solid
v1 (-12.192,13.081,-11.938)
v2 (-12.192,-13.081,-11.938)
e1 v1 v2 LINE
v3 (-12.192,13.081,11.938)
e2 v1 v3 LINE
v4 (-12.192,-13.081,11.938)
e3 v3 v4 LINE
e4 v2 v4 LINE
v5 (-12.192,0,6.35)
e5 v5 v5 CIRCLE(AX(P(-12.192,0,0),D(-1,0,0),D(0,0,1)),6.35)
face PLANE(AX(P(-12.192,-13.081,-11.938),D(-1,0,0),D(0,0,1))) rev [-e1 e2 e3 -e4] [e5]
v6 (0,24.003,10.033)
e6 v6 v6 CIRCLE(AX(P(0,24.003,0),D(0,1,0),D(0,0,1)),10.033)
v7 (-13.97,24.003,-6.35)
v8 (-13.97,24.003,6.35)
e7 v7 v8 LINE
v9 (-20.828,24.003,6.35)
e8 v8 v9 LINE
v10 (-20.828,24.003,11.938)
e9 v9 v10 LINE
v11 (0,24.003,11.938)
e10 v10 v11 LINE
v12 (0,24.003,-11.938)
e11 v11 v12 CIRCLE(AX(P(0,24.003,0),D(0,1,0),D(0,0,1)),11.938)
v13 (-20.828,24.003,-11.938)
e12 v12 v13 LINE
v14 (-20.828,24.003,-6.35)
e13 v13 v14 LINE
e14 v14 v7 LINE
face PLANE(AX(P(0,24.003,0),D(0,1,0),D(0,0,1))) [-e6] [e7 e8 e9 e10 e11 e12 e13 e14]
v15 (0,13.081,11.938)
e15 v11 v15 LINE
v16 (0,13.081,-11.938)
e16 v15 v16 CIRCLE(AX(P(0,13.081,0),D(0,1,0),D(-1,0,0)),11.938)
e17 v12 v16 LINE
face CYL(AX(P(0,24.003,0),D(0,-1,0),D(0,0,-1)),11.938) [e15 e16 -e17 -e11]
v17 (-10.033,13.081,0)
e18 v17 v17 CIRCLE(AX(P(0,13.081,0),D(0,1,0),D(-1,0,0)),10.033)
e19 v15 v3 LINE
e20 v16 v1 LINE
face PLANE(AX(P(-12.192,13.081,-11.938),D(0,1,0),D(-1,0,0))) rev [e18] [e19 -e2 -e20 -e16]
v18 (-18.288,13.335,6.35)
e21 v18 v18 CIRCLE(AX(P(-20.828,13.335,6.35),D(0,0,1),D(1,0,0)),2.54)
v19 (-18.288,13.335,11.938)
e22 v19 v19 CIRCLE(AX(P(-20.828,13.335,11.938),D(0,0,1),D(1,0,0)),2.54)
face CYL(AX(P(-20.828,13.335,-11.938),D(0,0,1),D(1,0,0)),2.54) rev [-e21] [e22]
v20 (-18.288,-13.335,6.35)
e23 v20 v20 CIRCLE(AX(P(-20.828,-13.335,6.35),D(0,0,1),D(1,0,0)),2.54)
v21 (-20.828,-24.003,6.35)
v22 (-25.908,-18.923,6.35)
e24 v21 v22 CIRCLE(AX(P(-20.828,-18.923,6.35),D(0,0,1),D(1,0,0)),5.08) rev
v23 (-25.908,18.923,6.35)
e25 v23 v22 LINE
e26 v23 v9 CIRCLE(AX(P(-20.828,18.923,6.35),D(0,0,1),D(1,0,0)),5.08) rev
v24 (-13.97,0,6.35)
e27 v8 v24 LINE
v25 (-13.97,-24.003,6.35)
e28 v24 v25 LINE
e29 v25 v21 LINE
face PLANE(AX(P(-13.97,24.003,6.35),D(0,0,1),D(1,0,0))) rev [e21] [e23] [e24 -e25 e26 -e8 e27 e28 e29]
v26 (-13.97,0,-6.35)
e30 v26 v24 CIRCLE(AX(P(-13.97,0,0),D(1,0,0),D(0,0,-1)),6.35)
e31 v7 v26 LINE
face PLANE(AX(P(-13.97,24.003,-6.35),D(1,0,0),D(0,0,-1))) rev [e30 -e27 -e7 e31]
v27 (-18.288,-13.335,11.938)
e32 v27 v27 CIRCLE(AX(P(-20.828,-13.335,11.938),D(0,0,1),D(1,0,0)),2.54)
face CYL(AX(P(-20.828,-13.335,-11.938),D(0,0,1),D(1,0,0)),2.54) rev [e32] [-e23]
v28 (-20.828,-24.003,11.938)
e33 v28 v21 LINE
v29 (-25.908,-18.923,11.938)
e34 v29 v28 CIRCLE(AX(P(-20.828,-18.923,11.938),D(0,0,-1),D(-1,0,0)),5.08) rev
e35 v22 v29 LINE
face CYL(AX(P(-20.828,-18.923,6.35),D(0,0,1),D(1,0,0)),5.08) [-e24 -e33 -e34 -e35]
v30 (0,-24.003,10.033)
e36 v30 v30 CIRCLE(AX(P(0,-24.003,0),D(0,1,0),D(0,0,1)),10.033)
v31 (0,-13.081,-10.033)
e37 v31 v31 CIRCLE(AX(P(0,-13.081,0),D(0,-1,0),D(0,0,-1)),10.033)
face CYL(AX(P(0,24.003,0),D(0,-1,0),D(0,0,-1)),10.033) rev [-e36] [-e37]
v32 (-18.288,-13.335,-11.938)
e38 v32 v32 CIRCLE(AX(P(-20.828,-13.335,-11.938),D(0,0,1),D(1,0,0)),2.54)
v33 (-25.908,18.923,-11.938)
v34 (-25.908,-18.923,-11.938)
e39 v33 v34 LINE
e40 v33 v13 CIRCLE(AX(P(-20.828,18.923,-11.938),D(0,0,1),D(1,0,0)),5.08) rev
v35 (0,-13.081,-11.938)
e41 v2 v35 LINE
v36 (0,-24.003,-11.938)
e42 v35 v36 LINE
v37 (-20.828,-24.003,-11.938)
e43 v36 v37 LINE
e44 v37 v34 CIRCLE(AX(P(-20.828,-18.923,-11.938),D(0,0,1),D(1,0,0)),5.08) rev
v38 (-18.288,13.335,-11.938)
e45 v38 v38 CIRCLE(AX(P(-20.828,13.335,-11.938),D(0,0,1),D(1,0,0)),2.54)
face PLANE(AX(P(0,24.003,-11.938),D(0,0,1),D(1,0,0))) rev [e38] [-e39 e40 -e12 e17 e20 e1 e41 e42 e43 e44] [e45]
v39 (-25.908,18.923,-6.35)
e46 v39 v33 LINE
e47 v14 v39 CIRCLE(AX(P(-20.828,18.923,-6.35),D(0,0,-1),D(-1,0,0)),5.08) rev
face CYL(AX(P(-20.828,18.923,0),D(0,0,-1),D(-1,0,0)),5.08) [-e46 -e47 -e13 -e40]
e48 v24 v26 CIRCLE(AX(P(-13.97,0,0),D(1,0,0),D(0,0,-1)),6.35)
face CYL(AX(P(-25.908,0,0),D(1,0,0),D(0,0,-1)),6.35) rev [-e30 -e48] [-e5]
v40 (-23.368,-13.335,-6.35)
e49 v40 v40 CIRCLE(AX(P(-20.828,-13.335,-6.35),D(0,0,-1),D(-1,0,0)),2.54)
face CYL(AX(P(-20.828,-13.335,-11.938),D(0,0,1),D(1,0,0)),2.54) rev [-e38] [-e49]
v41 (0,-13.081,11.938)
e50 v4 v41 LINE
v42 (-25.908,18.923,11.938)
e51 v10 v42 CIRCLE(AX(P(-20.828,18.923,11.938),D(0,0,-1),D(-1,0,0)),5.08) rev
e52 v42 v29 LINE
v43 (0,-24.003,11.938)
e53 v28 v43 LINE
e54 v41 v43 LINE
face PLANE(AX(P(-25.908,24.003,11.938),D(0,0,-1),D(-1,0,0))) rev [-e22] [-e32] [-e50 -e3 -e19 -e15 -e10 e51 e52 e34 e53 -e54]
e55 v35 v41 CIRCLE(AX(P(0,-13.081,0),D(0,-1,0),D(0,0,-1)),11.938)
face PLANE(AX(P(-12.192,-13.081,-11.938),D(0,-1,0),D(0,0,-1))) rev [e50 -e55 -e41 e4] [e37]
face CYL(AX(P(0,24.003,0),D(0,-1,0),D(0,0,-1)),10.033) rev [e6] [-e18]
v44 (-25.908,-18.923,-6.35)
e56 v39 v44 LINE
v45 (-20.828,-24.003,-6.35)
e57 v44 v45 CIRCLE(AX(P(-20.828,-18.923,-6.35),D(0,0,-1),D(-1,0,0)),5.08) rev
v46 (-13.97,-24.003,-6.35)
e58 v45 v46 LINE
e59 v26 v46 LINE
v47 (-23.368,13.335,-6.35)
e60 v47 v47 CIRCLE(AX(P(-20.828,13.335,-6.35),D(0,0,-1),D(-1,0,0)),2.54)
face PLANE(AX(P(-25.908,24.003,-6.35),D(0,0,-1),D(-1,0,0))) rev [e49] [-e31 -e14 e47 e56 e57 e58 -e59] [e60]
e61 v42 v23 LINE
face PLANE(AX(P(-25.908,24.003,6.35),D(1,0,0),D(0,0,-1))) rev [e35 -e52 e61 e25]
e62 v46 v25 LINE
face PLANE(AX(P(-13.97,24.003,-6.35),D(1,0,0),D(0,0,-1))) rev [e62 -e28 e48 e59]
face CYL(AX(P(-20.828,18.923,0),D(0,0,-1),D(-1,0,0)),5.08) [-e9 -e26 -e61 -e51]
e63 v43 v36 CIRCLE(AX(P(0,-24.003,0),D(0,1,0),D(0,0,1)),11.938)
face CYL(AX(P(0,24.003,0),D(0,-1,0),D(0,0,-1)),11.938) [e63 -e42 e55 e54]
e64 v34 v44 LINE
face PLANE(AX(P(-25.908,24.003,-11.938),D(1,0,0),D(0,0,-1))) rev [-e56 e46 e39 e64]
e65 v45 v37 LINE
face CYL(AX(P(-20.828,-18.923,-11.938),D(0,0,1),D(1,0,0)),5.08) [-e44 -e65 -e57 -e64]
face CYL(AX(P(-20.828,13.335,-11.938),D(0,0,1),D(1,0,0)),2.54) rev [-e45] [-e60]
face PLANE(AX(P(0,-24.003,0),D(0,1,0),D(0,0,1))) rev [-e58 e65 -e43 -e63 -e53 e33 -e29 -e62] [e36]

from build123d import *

# Parameters (mm, degrees)
SKETCH1_R               = 10.033
BOSS_EXTRUDE1_DEPTH     = 24.003
SKETCH3_R               = 2.54
SKETCH3_W               = 24.13
SKETCH3_H               = 26.162
CUT_EXTRUDE1_DEPTH      = 12.938
CUT_EXTRUDE1_DEPTH_BACK = 12.938
SKETCH5_R               = 6.35
CUT_EXTRUDE2_DEPTH      = 26.908
FILLET1_R               = 5.08


with BuildPart() as part:
    # Sketch1 → Boss-Extrude1 (new body, symmetric)
    with BuildSketch(Plane(origin=(0, 0, 0), x_dir=(1, 0, 0), z_dir=(0, 1, 0))):
        with BuildLine():
            Line((0, 11.938), (-25.908, 11.938))
            Line((-25.908, 11.938), (-25.908, 6.35))
            Line((-25.908, 6.35), (-13.97, 6.35))
            Line((-13.97, 6.35), (-13.97, -6.35))
            Line((-13.97, -6.35), (-25.908, -6.35))
            Line((-25.908, -6.35), (-25.908, -11.938))
            Line((-25.908, -11.938), (0, -11.938))
            ThreePointArc((0, -11.938), (11.938, 0), (0, 11.938))
        make_face()
        Circle(SKETCH1_R, mode=Mode.SUBTRACT)
    extrude(amount=BOSS_EXTRUDE1_DEPTH, both=True)

    # Sketch3 → Cut-Extrude1 (cut, two sides)
    with BuildSketch(Plane.XY) as cut_extrude1_sk:
        with Locations((-20.828, 13.335)):
            Circle(SKETCH3_R)
        with Locations((-20.828, -13.335)):
            Circle(SKETCH3_R)
        with Locations((-0.127, 0)):
            Rectangle(SKETCH3_W, SKETCH3_H)
    extrude(amount=CUT_EXTRUDE1_DEPTH, mode=Mode.SUBTRACT)
    extrude(cut_extrude1_sk.sketch, amount=-CUT_EXTRUDE1_DEPTH_BACK, mode=Mode.SUBTRACT)

    # Sketch5 → Cut-Extrude2 (cut, through all)
    with BuildSketch(Plane(origin=(0, 0, 0), x_dir=(0, 0, -1), z_dir=(1, 0, 0))):
        Circle(SKETCH5_R)
    extrude(amount=-CUT_EXTRUDE2_DEPTH, mode=Mode.SUBTRACT)

    # Fillet1
    fillet1_edges = [part.edges().sort_by_distance(p)[0] for p in [
        (-25.908, 24.003, -9.144),
        (-25.908, 24.003, 9.144),
        (-25.908, -24.003, 9.144),
        (-25.908, -24.003, -9.144),
    ]]
    fillet(fillet1_edges, radius=FILLET1_R)


solid = part.part
